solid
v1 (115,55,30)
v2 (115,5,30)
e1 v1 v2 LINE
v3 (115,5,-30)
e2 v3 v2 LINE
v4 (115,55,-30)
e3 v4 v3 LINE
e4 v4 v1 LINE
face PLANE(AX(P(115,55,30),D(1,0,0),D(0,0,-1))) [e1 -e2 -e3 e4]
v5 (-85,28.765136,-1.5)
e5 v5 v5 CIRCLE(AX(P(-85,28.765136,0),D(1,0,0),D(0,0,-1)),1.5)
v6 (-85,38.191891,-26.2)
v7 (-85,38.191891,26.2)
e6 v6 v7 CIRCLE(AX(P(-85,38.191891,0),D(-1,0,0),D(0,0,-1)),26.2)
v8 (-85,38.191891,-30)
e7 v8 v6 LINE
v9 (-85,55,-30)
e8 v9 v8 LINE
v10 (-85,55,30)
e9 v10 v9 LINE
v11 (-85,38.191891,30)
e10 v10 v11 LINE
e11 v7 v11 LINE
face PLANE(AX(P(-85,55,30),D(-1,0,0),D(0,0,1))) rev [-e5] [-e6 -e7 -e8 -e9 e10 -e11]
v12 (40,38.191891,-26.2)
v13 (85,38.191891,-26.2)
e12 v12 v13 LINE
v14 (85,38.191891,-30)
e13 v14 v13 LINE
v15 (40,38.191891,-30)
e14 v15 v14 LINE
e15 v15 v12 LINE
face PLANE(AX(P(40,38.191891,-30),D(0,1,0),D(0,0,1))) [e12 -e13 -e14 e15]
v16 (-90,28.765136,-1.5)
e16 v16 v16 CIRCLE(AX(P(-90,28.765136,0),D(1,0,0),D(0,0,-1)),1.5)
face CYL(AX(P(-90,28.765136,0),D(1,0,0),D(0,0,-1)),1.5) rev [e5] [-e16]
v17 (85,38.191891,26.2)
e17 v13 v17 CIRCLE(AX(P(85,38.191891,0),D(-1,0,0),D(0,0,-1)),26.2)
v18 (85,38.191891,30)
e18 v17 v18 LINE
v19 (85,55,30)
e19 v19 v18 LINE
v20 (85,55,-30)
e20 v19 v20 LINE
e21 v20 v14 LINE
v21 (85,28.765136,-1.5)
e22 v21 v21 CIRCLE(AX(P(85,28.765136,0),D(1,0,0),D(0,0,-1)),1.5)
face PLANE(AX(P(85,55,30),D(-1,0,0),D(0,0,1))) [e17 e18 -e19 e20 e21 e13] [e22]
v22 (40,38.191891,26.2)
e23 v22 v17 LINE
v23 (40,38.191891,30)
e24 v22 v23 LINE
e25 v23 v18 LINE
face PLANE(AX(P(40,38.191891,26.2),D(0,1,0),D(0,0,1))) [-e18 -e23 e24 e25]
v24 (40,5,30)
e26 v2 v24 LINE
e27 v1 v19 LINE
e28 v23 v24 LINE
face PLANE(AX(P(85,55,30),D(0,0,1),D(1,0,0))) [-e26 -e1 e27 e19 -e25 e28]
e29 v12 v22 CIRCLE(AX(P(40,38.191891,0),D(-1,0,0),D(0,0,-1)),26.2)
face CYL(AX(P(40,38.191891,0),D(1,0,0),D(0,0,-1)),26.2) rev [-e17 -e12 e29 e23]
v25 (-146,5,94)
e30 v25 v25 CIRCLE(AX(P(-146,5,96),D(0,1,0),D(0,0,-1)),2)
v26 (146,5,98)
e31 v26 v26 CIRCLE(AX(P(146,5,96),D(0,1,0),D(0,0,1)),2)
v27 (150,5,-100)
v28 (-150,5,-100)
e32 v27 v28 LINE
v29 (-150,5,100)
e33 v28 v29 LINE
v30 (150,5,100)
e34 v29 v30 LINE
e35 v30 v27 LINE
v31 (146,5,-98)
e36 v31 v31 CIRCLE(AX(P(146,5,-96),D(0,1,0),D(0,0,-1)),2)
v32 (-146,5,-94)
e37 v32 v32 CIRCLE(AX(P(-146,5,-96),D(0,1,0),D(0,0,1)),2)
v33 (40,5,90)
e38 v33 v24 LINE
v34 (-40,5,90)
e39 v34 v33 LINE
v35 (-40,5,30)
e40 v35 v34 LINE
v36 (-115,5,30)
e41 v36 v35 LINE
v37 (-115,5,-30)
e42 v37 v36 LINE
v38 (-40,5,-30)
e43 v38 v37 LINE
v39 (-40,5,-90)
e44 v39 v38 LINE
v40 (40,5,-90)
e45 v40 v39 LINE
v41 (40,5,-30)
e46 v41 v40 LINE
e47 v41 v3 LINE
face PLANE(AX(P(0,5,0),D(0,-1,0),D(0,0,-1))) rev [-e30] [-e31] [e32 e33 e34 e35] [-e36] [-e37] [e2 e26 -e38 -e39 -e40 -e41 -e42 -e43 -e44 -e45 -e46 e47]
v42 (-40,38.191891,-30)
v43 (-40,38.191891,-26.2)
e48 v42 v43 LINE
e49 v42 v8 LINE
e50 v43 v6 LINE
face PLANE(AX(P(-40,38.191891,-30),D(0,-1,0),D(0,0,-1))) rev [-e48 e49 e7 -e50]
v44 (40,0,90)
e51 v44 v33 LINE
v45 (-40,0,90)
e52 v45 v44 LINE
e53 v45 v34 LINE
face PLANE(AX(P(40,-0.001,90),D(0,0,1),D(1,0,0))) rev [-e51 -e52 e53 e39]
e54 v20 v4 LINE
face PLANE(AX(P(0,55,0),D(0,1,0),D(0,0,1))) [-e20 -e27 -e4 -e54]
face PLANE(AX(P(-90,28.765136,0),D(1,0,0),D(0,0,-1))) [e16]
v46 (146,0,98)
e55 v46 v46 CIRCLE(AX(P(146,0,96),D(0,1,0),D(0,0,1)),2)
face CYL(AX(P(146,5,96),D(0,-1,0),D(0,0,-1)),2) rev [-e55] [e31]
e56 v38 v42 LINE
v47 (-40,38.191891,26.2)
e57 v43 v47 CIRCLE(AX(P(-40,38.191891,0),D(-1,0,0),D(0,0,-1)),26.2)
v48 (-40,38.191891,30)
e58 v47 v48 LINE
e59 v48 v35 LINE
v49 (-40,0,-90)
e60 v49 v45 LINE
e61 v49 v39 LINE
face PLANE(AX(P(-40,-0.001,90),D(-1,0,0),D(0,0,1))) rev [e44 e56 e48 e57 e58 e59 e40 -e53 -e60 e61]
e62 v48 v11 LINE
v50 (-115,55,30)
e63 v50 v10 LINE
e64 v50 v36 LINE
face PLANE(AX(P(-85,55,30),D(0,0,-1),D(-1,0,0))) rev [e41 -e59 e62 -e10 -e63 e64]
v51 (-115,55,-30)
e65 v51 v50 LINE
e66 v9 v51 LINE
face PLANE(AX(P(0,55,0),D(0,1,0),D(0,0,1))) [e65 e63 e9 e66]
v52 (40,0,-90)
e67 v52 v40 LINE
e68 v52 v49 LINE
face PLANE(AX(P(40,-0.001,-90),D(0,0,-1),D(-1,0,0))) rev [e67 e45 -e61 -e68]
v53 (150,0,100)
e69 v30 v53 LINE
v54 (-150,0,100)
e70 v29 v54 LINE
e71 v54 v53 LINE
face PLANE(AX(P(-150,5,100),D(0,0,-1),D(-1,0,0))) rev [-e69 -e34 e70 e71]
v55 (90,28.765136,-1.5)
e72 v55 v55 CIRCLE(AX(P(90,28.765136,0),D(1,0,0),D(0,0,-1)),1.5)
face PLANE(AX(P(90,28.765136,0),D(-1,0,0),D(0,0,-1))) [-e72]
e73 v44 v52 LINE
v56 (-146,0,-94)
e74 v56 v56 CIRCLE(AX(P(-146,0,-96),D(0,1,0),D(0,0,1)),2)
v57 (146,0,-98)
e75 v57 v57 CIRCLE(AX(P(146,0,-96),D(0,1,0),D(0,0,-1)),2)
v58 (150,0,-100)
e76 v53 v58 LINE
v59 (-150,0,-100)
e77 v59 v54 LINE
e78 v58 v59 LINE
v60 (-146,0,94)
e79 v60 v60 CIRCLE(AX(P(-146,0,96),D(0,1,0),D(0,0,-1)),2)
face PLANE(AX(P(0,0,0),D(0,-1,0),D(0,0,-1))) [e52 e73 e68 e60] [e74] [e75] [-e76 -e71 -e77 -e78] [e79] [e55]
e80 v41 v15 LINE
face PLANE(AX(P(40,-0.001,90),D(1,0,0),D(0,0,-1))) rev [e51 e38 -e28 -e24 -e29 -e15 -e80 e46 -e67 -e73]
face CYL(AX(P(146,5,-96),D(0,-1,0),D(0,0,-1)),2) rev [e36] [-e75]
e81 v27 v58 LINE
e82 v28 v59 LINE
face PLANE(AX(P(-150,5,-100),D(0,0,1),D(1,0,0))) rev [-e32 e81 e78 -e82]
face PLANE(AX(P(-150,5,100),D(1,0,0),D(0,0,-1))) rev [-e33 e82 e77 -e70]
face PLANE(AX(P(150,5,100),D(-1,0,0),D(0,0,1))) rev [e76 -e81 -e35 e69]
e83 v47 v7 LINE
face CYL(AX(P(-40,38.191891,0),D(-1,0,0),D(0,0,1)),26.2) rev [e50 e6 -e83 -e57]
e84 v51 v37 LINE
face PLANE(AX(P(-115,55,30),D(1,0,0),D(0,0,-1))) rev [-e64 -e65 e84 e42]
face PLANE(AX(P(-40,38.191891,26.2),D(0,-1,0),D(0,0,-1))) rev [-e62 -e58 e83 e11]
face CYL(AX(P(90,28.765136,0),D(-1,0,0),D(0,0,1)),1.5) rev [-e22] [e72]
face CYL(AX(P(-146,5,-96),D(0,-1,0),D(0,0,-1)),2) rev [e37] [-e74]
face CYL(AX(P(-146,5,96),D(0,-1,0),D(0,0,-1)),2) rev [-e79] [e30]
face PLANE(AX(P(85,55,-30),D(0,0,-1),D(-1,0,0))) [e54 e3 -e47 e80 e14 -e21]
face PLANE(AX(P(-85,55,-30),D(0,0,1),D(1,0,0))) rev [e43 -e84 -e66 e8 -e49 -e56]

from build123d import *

# Parameters (mm, degrees)
SKETCH1_W           = 300
SKETCH1_H           = 200
SKETCH1_R           = 2
BOSS_EXTRUDE1_DEPTH = 5
CUT_EXTRUDE1_REACH  = 182.347
SKETCH3_W           = 80
SKETCH3_H           = 180
SKETCH4_W           = 30
SKETCH4_H           = 60
BOSS_EXTRUDE2_DEPTH = 50
BOSS_EXTRUDE3_DEPTH = 45
SKETCH7_R           = 1.5
CUT_EXTRUDE2_DEPTH  = 5


with BuildPart() as part:
    # Sketch1 → Boss-Extrude1 (new body)
    with BuildSketch(Plane(origin=(0, 0, 0), x_dir=(1, 0, 0), z_dir=(0, 1, 0))):
        Rectangle(SKETCH1_W, SKETCH1_H)
        with Locations(Location((-146, 96, 0), (0, 0, 270))):
            Circle(SKETCH1_R, mode=Mode.SUBTRACT)
        with Locations(Location((146, 96, 0), (0, 0, 90))):
            Circle(SKETCH1_R, mode=Mode.SUBTRACT)
        with Locations(Location((146, -96, 0), (0, 0, 270))):
            Circle(SKETCH1_R, mode=Mode.SUBTRACT)
        with Locations(Location((-146, -96, 0), (0, 0, 90))):
            Circle(SKETCH1_R, mode=Mode.SUBTRACT)
    extrude(amount=BOSS_EXTRUDE1_DEPTH)

    # Sketch3 → Cut-Extrude1 (cut, up to next)
    with BuildSketch(Plane(origin=(0, 5, 0), x_dir=(1, 0, 0), z_dir=(0, 1, 0)), mode=Mode.PRIVATE) as cut_extrude1_sk1:
        Rectangle(SKETCH3_W, SKETCH3_H)
    cut_extrude1_tool1 = extrude(cut_extrude1_sk1.sketch, amount=-CUT_EXTRUDE1_REACH, mode=Mode.PRIVATE) & part.part
    add(cut_extrude1_tool1.solids().sort_by_distance((0, 5, 0))[0], mode=Mode.SUBTRACT)

    # Sketch4 → Boss-Extrude2 (add)
    with BuildSketch(Plane(origin=(0, 5, 0), x_dir=(1, 0, 0), z_dir=(0, 1, 0))):
        with Locations((-100, 0)):
            Rectangle(SKETCH4_W, SKETCH4_H)
    boss_extrude2 = extrude(amount=BOSS_EXTRUDE2_DEPTH)

    # Sketch5 → Boss-Extrude3 (add)
    with BuildSketch(Plane(origin=(-85, 0, 0), x_dir=(0, 0, -1), z_dir=(1, 0, 0))):
        with BuildLine():
            Line((-26.2, 38.191891423), (-30, 38.191891423))
            Line((-30, 38.191891423), (-30, 5))
            Line((-30, 5), (30, 5))
            Line((30, 5), (30, 38.191891423))
            Line((30, 38.191891423), (26.2, 38.191891423))
            ThreePointArc((26.2, 38.191891423), (0, 11.991891423), (-26.2, 38.191891423))
        make_face()
    boss_extrude3 = extrude(amount=BOSS_EXTRUDE3_DEPTH)

    # Sketch7 → Cut-Extrude2 (cut)
    with BuildSketch(Plane(origin=(-85, 0, 0), x_dir=(0, 0, -1), z_dir=(1, 0, 0))):
        with Locations((0, 28.765136386)):
            Circle(SKETCH7_R)
    cut_extrude2 = extrude(amount=-CUT_EXTRUDE2_DEPTH, mode=Mode.SUBTRACT)

    # Mirror3: Boss-Extrude2, Boss-Extrude3, Cut-Extrude2 across plane
    add(boss_extrude2.mirror(Plane(origin=(0, 0, 0), x_dir=(0, 0, 1), z_dir=(1, 0, 0))))
    add(boss_extrude3.mirror(Plane(origin=(0, 0, 0), x_dir=(0, 0, 1), z_dir=(1, 0, 0))))
    add(cut_extrude2.mirror(Plane(origin=(0, 0, 0), x_dir=(0, 0, 1), z_dir=(1, 0, 0))), mode=Mode.SUBTRACT)


solid = part.part
